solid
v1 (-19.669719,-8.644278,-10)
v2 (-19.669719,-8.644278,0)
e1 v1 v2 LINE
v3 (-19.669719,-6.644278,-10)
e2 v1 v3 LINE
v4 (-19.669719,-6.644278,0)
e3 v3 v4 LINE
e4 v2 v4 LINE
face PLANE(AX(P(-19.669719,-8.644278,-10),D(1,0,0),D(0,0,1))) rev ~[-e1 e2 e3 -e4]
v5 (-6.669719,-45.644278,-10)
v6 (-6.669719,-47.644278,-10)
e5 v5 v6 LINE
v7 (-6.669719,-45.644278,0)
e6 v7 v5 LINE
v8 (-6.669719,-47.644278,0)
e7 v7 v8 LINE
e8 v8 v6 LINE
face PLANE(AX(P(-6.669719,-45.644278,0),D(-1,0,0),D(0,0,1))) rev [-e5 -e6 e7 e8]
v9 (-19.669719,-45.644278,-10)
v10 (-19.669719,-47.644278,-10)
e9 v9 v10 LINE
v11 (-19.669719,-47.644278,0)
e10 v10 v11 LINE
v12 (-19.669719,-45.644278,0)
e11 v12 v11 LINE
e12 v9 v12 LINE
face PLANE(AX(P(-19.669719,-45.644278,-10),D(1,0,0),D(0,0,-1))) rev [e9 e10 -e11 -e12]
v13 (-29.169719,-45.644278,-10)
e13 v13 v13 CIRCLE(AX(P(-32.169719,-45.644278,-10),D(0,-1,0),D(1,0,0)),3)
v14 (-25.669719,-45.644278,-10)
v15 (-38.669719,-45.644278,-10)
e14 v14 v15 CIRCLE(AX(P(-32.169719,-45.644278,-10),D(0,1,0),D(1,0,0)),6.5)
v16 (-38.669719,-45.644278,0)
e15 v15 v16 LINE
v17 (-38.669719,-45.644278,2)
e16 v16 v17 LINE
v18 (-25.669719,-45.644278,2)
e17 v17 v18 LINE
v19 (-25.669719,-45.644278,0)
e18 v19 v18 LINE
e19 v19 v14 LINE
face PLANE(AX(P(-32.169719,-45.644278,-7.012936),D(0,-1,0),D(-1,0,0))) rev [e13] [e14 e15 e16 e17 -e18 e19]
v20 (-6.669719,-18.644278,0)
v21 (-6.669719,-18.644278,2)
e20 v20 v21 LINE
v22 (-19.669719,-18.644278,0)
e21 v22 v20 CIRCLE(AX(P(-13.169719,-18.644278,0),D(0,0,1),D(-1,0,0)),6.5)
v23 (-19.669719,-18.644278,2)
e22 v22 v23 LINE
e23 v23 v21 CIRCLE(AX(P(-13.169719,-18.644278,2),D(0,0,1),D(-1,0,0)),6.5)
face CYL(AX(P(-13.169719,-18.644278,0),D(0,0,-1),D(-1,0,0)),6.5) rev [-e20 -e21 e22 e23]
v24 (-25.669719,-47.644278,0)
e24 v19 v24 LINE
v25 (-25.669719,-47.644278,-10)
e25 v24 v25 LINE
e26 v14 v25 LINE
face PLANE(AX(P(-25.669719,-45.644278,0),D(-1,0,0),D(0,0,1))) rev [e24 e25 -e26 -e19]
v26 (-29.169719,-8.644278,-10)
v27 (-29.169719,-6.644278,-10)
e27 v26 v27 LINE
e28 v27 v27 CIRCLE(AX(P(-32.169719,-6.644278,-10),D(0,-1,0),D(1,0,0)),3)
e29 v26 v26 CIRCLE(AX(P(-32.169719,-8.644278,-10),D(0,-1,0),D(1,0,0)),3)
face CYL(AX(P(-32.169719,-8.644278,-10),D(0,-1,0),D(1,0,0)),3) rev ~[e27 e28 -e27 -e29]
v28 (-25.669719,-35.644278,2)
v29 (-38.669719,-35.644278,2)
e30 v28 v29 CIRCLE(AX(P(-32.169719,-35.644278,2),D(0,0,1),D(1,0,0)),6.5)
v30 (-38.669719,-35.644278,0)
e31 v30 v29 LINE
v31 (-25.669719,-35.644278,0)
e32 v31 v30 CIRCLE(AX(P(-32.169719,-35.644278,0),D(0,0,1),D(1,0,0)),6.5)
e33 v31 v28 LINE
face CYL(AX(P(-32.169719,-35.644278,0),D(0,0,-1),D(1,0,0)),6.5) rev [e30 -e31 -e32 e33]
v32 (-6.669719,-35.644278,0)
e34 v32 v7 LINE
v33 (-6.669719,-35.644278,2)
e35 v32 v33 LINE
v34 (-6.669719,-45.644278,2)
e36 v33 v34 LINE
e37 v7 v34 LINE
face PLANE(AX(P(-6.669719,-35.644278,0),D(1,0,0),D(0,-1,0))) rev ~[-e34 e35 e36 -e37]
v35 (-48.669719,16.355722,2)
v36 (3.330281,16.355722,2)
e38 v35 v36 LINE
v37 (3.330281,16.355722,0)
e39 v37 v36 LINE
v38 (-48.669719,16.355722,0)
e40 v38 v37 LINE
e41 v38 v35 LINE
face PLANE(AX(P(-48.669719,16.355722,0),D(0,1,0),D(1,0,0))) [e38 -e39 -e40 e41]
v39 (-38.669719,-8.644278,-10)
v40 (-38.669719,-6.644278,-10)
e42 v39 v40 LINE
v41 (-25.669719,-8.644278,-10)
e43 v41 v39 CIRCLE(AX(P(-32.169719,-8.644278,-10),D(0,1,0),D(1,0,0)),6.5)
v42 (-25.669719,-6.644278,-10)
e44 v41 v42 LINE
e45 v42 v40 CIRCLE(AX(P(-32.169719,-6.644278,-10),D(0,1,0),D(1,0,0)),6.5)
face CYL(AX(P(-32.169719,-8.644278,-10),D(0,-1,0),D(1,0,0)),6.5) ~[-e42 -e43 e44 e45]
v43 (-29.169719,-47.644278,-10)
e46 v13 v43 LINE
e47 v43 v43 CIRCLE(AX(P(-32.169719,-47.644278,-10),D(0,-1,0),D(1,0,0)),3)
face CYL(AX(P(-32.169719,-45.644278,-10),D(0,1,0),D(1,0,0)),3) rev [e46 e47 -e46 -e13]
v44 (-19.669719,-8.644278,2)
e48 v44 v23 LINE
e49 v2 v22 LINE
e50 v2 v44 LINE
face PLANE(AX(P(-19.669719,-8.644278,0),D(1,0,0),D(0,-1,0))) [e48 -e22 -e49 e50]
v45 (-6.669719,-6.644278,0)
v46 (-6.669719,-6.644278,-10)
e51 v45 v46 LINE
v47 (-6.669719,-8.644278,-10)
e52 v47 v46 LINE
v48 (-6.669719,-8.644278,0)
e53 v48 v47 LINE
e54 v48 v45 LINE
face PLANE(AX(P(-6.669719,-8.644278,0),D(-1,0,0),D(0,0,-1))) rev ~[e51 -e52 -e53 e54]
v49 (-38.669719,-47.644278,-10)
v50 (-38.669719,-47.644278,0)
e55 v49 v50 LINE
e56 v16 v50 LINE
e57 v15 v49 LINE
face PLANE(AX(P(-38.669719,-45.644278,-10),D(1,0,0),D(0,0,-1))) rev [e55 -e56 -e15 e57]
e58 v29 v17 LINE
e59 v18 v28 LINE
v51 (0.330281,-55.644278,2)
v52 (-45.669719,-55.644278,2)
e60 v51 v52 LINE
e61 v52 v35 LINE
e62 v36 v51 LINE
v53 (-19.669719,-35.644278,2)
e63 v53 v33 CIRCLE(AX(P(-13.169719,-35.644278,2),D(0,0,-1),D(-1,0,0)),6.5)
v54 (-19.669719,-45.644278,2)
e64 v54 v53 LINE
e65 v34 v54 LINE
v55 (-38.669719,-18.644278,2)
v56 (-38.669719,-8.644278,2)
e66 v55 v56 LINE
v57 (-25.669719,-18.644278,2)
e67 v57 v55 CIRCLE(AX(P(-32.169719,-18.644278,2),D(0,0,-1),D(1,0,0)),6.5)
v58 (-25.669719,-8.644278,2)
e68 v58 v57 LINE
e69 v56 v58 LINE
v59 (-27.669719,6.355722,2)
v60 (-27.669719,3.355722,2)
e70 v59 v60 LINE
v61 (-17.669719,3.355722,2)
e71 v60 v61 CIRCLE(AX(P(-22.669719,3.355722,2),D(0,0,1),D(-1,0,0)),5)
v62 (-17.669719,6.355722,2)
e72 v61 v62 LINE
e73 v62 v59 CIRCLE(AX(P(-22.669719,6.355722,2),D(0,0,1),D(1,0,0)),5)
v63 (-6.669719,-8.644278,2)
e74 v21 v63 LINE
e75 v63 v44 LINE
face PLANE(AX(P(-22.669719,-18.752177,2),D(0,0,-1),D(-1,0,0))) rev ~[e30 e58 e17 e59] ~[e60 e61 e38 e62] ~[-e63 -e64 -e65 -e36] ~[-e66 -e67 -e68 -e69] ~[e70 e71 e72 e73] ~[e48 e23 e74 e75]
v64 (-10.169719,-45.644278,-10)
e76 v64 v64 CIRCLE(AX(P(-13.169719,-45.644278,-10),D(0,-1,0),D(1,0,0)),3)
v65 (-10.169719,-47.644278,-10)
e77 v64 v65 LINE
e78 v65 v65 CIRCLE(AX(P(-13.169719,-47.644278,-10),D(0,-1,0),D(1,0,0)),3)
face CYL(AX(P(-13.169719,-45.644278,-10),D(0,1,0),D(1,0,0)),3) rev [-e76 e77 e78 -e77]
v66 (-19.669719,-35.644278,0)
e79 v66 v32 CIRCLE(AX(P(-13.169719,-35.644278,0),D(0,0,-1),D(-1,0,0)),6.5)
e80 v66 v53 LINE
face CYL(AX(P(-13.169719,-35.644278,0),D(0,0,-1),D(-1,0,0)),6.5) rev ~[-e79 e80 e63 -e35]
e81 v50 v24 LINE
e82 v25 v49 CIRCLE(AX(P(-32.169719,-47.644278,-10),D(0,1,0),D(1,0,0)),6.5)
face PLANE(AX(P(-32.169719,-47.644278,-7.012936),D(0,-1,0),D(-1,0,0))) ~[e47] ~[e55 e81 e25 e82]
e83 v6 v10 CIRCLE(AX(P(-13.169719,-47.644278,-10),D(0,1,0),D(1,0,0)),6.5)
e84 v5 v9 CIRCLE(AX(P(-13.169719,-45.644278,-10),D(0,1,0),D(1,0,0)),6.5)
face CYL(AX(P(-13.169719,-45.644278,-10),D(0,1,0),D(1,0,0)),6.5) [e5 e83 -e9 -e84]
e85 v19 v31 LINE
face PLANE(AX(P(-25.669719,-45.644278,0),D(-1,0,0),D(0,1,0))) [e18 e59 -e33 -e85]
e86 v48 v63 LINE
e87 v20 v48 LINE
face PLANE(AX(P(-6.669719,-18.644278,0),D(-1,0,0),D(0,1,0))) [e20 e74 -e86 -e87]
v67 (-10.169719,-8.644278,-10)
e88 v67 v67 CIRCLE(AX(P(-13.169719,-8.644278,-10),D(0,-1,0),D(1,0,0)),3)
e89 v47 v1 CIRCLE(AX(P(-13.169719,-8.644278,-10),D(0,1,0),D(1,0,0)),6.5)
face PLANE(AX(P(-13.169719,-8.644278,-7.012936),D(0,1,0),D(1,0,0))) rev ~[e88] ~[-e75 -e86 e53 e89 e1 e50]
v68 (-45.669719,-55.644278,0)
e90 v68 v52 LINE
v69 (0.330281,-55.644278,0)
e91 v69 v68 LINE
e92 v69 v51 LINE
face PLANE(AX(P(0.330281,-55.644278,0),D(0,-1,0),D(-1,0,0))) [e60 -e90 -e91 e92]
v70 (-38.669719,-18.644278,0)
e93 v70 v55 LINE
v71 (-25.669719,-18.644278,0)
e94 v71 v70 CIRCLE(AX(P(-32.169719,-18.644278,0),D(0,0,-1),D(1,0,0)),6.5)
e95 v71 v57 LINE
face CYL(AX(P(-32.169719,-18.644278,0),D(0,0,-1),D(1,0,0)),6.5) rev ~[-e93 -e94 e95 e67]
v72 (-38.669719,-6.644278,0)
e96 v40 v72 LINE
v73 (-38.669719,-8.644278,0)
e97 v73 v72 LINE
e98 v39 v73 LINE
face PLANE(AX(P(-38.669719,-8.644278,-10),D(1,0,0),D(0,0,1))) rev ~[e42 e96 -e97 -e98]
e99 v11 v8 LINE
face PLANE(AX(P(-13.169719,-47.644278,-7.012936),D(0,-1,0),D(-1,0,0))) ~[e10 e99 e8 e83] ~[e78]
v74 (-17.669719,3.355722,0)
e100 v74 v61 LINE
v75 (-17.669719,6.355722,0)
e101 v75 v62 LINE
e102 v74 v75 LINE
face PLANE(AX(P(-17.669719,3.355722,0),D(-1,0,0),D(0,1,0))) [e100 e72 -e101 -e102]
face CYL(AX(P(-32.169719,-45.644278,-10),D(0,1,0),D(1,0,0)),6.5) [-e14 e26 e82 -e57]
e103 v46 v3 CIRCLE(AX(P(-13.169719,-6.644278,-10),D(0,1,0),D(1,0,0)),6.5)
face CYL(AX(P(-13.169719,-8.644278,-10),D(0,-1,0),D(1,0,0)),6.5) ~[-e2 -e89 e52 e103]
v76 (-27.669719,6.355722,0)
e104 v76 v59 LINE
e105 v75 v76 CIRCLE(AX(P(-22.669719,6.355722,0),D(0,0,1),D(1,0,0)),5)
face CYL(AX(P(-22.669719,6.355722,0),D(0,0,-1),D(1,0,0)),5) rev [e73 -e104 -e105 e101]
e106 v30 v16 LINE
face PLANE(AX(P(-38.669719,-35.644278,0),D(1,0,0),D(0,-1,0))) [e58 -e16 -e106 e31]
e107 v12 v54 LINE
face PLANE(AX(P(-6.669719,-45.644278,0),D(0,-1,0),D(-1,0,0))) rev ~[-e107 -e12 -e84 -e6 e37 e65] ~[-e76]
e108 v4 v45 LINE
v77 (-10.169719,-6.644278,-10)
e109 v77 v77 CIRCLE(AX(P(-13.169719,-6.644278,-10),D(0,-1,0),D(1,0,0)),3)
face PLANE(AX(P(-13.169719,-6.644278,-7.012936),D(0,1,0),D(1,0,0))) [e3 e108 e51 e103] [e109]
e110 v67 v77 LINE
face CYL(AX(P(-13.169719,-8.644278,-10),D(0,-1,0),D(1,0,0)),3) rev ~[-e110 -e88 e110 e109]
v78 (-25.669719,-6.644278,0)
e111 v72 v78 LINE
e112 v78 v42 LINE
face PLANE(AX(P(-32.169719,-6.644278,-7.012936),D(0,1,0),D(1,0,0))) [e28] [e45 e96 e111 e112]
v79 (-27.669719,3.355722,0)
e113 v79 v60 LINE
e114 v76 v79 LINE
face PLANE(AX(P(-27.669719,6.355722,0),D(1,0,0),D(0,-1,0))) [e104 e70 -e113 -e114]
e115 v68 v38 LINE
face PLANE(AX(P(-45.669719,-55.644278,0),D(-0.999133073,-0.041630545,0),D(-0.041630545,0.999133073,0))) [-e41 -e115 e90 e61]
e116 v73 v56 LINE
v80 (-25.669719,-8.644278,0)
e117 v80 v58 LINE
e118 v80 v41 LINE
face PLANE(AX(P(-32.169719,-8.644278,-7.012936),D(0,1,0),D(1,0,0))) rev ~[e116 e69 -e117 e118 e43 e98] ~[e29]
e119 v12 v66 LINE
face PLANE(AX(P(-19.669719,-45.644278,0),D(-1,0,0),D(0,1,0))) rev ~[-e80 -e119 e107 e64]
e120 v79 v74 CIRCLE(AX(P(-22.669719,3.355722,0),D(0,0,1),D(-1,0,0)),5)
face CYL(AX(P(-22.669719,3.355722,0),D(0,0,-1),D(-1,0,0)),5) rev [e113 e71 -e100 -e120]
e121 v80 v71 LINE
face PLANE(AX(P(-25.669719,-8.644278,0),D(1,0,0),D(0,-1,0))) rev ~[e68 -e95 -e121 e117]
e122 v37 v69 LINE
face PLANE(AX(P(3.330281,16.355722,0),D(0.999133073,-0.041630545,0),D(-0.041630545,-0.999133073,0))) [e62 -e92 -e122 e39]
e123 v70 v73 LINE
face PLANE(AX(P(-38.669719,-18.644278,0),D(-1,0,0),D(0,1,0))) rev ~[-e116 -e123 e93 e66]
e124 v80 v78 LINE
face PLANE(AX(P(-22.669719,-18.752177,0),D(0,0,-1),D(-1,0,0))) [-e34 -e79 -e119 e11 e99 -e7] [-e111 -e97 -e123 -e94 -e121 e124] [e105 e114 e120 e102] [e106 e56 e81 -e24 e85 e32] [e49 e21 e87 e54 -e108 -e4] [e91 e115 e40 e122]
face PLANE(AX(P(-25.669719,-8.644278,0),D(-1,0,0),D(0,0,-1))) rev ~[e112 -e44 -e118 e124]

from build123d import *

# Parameters (mm, degrees)
EXTRUDE_1_DEPTH = 2
SKETCH_2_R      = 3
EXTRUDE_2_DEPTH = 2


with BuildPart() as part:
    # 草图1 → 凸台-拉伸1 (new body)
    with BuildSketch(Plane.XY):
        Polygon((-45.669718709, -55.644277912), (-48.669718709, 16.355722088), (3.330281291, 16.355722088), (0.330281291, -55.644277912), align=None)
        with BuildLine():
            ThreePointArc((-25.669718709, -35.644277912), (-32.169718709, -29.144277912), (-38.669718709, -35.644277912))
            Line((-38.669718709, -35.644277912), (-38.669718709, -45.644277912))
            Line((-38.669718709, -45.644277912), (-25.669718709, -45.644277912))
            Line((-25.669718709, -45.644277912), (-25.669718709, -35.644277912))
        make_face(mode=Mode.SUBTRACT)
        with BuildLine():
            ThreePointArc((-19.669718709, -18.644277912), (-13.169718709, -25.144277912), (-6.669718709, -18.644277912))
            Line((-6.669718709, -18.644277912), (-6.669718709, -8.644277912))
            Line((-6.669718709, -8.644277912), (-19.669718709, -8.644277912))
            Line((-19.669718709, -8.644277912), (-19.669718709, -18.644277912))
        make_face(mode=Mode.SUBTRACT)
        with BuildLine():
            ThreePointArc((-17.669718709, 6.355722088), (-22.669718709, 11.355722088), (-27.669718709, 6.355722088))
            Line((-27.669718709, 6.355722088), (-27.669718709, 3.355722088))
            ThreePointArc((-27.669718709, 3.355722088), (-22.669718709, -1.644277912), (-17.669718709, 3.355722088))
            Line((-17.669718709, 3.355722088), (-17.669718709, 6.355722088))
        make_face(mode=Mode.SUBTRACT)
        with BuildLine():
            Line((-25.669718709, -8.644277912), (-25.669718709, -18.644277912))
            ThreePointArc((-25.669718709, -18.644277912), (-32.169718709, -25.144277912), (-38.669718709, -18.644277912))
            Line((-38.669718709, -18.644277912), (-38.669718709, -8.644277912))
            Line((-38.669718709, -8.644277912), (-25.669718709, -8.644277912))
        make_face(mode=Mode.SUBTRACT)
        with BuildLine():
            Line((-19.669718709, -45.644277912), (-19.669718709, -35.644277912))
            ThreePointArc((-19.669718709, -35.644277912), (-13.169718709, -29.144277912), (-6.669718709, -35.644277912))
            Line((-6.669718709, -35.644277912), (-6.669718709, -45.644277912))
            Line((-6.669718709, -45.644277912), (-19.669718709, -45.644277912))
        make_face(mode=Mode.SUBTRACT)
    extrude(amount=EXTRUDE_1_DEPTH)

    # 草图2 → 凸台-拉伸2 (add)
    # profile 1 of 2: a face of its own
    with BuildSketch(Plane(origin=(0, -8.644277912, 0), x_dir=(-1, 0, 0), z_dir=(0, -1, 0))):
        with BuildLine():
            ThreePointArc((25.669718709, 10), (32.169718709, 16.5), (38.669718709, 10))
            Line((38.669718709, 10), (38.669718709, 0))
            Line((38.669718709, 0), (25.669718709, 0))
            Line((25.669718709, 0), (25.669718709, 10))
        make_face()
        with Locations(Location((32.169718709, 10, 0), (0, 0, 180))):
            Circle(SKETCH_2_R, mode=Mode.SUBTRACT)
    # profile 2 of 2: a face of its own
    with BuildSketch(Plane(origin=(0, -8.644277912, 0), x_dir=(-1, 0, 0), z_dir=(0, -1, 0))):
        with BuildLine():
            ThreePointArc((6.669718709, 10), (13.169718709, 16.5), (19.669718709, 10))
            Line((19.669718709, 10), (19.669718709, 0))
            Line((19.669718709, 0), (6.669718709, 0))
            Line((6.669718709, 0), (6.669718709, 10))
        make_face()
        with Locations(Location((13.169718709, 10, 0), (0, 0, 180))):
            Circle(SKETCH_2_R, mode=Mode.SUBTRACT)
    extrude_2 = extrude(amount=-EXTRUDE_2_DEPTH)

    # 镜向2: 凸台-拉伸2 across plane
    add(extrude_2.mirror(Plane(origin=(0, -27.144277912, 0), x_dir=(0, 0, 1), z_dir=(0, -1, 0))))


solid = part.part
